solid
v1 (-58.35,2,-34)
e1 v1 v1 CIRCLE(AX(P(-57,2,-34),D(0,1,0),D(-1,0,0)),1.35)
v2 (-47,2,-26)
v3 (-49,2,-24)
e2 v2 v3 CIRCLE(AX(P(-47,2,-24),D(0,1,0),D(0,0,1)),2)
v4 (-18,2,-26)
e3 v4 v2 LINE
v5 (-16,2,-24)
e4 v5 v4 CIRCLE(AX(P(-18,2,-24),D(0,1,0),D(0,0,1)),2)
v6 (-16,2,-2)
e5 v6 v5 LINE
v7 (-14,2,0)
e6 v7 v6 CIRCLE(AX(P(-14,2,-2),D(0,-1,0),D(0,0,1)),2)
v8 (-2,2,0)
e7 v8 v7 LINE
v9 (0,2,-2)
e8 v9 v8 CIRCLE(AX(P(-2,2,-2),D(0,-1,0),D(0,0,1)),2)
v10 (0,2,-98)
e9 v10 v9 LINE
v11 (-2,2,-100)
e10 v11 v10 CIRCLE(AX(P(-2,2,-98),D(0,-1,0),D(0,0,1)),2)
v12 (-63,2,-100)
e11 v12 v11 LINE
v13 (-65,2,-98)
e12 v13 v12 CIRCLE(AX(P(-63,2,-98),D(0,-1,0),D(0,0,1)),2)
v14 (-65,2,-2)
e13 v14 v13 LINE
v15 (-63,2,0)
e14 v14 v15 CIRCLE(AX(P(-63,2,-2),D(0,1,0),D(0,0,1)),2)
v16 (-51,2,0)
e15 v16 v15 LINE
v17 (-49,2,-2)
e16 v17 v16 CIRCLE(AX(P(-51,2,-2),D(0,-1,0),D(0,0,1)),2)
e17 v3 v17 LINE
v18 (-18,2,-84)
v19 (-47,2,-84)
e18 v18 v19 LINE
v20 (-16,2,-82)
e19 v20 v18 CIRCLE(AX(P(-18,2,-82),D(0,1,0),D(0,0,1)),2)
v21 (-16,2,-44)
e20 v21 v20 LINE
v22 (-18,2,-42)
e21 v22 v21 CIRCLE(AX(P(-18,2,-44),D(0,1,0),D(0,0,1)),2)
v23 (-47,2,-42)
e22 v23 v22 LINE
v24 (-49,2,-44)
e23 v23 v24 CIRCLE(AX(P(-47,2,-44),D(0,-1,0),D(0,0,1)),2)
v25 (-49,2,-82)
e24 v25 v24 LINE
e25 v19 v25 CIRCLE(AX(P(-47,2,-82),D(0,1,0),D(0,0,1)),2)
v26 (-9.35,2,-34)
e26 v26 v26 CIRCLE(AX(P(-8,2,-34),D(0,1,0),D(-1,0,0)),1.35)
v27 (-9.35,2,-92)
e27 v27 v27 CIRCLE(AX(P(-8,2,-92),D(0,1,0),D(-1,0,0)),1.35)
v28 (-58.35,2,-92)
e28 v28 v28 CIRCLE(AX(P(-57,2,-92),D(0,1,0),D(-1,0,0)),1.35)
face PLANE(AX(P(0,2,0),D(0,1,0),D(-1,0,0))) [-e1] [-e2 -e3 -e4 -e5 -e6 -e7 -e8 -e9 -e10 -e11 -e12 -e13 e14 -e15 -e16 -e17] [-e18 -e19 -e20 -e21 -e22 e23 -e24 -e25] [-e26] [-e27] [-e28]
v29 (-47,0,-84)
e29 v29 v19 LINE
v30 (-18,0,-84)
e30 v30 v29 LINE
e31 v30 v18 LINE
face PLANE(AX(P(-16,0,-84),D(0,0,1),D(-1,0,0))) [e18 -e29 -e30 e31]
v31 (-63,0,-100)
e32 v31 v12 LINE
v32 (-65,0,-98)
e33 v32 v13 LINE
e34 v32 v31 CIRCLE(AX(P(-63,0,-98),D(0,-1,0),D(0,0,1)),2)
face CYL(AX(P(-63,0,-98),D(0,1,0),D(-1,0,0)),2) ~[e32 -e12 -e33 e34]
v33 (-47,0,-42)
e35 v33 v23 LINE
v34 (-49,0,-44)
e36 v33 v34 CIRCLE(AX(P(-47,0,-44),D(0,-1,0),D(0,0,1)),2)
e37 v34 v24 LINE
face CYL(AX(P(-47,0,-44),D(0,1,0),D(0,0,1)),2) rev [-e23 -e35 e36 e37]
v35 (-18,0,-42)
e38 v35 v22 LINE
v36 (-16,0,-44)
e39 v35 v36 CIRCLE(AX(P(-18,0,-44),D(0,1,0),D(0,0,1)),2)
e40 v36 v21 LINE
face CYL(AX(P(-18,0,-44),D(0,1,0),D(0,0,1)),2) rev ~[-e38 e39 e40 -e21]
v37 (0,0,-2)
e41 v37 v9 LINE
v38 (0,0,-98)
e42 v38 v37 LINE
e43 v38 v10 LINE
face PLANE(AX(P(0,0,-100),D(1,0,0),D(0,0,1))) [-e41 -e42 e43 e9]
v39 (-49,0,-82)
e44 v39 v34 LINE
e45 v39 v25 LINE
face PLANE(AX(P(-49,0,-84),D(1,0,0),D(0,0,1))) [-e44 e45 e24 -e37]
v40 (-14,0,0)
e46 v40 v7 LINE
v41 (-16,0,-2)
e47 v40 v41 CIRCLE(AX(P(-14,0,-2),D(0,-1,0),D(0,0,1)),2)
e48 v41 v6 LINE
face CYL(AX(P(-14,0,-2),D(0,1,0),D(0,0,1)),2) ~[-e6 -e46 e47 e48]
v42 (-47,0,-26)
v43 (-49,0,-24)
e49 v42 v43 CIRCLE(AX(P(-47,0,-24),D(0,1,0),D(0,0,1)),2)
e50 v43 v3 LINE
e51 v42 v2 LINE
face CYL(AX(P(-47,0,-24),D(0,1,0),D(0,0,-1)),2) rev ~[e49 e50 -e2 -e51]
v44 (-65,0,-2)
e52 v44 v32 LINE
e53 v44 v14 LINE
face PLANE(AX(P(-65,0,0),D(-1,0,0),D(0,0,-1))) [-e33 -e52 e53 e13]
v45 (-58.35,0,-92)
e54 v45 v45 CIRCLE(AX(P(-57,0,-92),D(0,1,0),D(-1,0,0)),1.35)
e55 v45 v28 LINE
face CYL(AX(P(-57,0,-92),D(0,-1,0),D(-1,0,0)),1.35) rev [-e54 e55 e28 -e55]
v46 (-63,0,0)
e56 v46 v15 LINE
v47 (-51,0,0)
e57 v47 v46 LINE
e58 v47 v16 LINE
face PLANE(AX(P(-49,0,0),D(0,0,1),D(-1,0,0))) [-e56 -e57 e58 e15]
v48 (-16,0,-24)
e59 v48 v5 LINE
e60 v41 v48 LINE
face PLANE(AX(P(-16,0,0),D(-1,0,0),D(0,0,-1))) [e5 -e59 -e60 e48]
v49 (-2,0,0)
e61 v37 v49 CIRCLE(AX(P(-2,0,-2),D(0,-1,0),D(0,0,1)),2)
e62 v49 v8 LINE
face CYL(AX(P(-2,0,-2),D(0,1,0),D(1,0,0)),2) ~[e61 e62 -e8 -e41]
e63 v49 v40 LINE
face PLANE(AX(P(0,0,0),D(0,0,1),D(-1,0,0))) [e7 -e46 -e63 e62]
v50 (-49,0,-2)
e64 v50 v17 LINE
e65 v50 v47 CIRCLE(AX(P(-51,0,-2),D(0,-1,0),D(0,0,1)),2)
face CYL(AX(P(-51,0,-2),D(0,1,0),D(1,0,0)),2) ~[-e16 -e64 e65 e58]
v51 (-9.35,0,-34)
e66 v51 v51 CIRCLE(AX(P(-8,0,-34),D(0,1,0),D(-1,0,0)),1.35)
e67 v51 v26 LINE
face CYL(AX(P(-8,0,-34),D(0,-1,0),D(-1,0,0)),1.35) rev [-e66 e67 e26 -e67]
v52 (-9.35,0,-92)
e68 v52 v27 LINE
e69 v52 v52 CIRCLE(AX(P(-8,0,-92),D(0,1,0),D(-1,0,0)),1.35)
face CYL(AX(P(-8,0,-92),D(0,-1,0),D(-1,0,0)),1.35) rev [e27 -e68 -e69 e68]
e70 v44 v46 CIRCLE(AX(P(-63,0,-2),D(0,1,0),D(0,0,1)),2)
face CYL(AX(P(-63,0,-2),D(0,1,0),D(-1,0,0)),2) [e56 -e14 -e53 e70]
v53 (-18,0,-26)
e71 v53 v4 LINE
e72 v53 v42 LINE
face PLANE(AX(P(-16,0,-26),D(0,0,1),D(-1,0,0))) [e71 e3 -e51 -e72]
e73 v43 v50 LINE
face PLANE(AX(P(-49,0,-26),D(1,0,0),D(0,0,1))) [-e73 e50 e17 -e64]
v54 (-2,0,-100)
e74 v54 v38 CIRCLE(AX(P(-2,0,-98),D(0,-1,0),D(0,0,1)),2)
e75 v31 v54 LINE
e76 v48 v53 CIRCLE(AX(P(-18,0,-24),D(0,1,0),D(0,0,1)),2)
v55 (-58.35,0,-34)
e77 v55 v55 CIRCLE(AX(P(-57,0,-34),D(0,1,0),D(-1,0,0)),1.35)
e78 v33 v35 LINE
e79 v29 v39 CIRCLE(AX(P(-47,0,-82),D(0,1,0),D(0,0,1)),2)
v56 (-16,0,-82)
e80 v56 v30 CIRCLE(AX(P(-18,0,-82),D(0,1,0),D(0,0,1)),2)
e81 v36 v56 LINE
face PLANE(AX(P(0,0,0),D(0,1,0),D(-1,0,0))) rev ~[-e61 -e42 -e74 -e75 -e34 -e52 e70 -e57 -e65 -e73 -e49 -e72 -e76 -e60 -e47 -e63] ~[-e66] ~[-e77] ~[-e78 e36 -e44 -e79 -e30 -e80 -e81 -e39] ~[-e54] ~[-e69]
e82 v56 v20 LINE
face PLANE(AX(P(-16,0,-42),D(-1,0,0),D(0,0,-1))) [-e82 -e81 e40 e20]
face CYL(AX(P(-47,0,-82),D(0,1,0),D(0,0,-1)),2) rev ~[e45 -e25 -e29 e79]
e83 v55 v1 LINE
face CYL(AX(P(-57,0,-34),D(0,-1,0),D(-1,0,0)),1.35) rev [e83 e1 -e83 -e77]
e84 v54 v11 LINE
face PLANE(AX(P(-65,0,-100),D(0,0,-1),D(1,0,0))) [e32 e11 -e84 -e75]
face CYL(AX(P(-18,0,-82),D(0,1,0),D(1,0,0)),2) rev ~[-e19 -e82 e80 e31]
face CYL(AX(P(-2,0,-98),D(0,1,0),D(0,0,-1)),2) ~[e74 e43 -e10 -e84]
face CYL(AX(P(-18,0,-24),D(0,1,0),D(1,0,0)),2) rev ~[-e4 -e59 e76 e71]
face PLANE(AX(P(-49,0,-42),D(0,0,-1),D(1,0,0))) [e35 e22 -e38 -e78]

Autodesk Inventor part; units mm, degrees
ref_plane "YZ Plane" through (0, 0, 0) normal (1, 0, 0) x (0, 1, 0)
ref_plane "XZ Plane" through (0, 0, 0) normal (0, 1, 0) x (-1, 0, 0)
ref_plane "XY Plane" through (0, 0, 0) normal (0, 0, 1) x (1, 0, 0)
sketch "Sketch1" plane through (0, 0, 0) normal (0, 1, 0) x (-1, 0, 0)
  line L0 (65, 0) -> (65, -100)
  line L1 (65, -100) -> (0, -100)
  line L2 (0, -100) -> (0, 0)
  line L3 (8, -34) -> (57, -34) construction
  line L4 (57, -34) -> (57, -92) construction
  line L5 (57, -92) -> (8, -92) construction
  line L6 (8, -92) -> (8, -34) construction
  circle A0 centre (57, -34) radius 1.35
  circle A1 centre (57, -92) radius 1.35
  circle A2 centre (8, -34) radius 1.35
  circle A3 centre (8, -92) radius 1.35
  line L7 (49, -42) -> (16, -42)
  line L8 (16, -42) -> (16, -84)
  line L9 (16, -84) -> (49, -84)
  line L10 (49, -84) -> (49, -42)
  line L11 (49, 0) -> (16, 0) construction
  line L12 (16, 0) -> (16, -26)
  line L13 (16, -26) -> (49, -26)
  line L14 (49, -26) -> (49, 0)
  line L15 (0, 0) -> (16, 0)
  line L16 (49, 0) -> (65, 0)
  point P0 (32.5, -34)
  dimension "d0" = 49
  dimension "d1" = 58
  dimension "d2" = 2.7
  dimension "d3" = 100
  dimension "d4" = 65
  dimension "d5" = 8
  dimension "d7" = 8
  dimension "d8" = 8
  dimension "d9" = 8
  dimension "d10" = 8
  dimension "d11" = 8
  dimension "d15" = 8
extrude "Extrusion1" add sketch "Sketch1" along normal blind 2
fillet "Fillet1" radius 2 12 edges at (-49, 1, -84) (-49, 1, -42) (-16, 1, -42) (-16, 1, -84) (-65, 1, -100) (0, 1, -100) (0, 1, 0) (-65, 1, 0) (-49, 1, 0) (-49, 1, -26) (-16, 1, -26) (-16, 1, 0)
equation "\"d5\" = -0.5 * d0 + 0.5 * d4"
equation "\"d7\" = d5"
equation "\"d8\" = d5"
equation "\"d9\" = d5"
equation "\"d10\" = d5"
equation "\"d11\" = d5"
equation "\"d15\" = d5"
properties part number "targetpart"
